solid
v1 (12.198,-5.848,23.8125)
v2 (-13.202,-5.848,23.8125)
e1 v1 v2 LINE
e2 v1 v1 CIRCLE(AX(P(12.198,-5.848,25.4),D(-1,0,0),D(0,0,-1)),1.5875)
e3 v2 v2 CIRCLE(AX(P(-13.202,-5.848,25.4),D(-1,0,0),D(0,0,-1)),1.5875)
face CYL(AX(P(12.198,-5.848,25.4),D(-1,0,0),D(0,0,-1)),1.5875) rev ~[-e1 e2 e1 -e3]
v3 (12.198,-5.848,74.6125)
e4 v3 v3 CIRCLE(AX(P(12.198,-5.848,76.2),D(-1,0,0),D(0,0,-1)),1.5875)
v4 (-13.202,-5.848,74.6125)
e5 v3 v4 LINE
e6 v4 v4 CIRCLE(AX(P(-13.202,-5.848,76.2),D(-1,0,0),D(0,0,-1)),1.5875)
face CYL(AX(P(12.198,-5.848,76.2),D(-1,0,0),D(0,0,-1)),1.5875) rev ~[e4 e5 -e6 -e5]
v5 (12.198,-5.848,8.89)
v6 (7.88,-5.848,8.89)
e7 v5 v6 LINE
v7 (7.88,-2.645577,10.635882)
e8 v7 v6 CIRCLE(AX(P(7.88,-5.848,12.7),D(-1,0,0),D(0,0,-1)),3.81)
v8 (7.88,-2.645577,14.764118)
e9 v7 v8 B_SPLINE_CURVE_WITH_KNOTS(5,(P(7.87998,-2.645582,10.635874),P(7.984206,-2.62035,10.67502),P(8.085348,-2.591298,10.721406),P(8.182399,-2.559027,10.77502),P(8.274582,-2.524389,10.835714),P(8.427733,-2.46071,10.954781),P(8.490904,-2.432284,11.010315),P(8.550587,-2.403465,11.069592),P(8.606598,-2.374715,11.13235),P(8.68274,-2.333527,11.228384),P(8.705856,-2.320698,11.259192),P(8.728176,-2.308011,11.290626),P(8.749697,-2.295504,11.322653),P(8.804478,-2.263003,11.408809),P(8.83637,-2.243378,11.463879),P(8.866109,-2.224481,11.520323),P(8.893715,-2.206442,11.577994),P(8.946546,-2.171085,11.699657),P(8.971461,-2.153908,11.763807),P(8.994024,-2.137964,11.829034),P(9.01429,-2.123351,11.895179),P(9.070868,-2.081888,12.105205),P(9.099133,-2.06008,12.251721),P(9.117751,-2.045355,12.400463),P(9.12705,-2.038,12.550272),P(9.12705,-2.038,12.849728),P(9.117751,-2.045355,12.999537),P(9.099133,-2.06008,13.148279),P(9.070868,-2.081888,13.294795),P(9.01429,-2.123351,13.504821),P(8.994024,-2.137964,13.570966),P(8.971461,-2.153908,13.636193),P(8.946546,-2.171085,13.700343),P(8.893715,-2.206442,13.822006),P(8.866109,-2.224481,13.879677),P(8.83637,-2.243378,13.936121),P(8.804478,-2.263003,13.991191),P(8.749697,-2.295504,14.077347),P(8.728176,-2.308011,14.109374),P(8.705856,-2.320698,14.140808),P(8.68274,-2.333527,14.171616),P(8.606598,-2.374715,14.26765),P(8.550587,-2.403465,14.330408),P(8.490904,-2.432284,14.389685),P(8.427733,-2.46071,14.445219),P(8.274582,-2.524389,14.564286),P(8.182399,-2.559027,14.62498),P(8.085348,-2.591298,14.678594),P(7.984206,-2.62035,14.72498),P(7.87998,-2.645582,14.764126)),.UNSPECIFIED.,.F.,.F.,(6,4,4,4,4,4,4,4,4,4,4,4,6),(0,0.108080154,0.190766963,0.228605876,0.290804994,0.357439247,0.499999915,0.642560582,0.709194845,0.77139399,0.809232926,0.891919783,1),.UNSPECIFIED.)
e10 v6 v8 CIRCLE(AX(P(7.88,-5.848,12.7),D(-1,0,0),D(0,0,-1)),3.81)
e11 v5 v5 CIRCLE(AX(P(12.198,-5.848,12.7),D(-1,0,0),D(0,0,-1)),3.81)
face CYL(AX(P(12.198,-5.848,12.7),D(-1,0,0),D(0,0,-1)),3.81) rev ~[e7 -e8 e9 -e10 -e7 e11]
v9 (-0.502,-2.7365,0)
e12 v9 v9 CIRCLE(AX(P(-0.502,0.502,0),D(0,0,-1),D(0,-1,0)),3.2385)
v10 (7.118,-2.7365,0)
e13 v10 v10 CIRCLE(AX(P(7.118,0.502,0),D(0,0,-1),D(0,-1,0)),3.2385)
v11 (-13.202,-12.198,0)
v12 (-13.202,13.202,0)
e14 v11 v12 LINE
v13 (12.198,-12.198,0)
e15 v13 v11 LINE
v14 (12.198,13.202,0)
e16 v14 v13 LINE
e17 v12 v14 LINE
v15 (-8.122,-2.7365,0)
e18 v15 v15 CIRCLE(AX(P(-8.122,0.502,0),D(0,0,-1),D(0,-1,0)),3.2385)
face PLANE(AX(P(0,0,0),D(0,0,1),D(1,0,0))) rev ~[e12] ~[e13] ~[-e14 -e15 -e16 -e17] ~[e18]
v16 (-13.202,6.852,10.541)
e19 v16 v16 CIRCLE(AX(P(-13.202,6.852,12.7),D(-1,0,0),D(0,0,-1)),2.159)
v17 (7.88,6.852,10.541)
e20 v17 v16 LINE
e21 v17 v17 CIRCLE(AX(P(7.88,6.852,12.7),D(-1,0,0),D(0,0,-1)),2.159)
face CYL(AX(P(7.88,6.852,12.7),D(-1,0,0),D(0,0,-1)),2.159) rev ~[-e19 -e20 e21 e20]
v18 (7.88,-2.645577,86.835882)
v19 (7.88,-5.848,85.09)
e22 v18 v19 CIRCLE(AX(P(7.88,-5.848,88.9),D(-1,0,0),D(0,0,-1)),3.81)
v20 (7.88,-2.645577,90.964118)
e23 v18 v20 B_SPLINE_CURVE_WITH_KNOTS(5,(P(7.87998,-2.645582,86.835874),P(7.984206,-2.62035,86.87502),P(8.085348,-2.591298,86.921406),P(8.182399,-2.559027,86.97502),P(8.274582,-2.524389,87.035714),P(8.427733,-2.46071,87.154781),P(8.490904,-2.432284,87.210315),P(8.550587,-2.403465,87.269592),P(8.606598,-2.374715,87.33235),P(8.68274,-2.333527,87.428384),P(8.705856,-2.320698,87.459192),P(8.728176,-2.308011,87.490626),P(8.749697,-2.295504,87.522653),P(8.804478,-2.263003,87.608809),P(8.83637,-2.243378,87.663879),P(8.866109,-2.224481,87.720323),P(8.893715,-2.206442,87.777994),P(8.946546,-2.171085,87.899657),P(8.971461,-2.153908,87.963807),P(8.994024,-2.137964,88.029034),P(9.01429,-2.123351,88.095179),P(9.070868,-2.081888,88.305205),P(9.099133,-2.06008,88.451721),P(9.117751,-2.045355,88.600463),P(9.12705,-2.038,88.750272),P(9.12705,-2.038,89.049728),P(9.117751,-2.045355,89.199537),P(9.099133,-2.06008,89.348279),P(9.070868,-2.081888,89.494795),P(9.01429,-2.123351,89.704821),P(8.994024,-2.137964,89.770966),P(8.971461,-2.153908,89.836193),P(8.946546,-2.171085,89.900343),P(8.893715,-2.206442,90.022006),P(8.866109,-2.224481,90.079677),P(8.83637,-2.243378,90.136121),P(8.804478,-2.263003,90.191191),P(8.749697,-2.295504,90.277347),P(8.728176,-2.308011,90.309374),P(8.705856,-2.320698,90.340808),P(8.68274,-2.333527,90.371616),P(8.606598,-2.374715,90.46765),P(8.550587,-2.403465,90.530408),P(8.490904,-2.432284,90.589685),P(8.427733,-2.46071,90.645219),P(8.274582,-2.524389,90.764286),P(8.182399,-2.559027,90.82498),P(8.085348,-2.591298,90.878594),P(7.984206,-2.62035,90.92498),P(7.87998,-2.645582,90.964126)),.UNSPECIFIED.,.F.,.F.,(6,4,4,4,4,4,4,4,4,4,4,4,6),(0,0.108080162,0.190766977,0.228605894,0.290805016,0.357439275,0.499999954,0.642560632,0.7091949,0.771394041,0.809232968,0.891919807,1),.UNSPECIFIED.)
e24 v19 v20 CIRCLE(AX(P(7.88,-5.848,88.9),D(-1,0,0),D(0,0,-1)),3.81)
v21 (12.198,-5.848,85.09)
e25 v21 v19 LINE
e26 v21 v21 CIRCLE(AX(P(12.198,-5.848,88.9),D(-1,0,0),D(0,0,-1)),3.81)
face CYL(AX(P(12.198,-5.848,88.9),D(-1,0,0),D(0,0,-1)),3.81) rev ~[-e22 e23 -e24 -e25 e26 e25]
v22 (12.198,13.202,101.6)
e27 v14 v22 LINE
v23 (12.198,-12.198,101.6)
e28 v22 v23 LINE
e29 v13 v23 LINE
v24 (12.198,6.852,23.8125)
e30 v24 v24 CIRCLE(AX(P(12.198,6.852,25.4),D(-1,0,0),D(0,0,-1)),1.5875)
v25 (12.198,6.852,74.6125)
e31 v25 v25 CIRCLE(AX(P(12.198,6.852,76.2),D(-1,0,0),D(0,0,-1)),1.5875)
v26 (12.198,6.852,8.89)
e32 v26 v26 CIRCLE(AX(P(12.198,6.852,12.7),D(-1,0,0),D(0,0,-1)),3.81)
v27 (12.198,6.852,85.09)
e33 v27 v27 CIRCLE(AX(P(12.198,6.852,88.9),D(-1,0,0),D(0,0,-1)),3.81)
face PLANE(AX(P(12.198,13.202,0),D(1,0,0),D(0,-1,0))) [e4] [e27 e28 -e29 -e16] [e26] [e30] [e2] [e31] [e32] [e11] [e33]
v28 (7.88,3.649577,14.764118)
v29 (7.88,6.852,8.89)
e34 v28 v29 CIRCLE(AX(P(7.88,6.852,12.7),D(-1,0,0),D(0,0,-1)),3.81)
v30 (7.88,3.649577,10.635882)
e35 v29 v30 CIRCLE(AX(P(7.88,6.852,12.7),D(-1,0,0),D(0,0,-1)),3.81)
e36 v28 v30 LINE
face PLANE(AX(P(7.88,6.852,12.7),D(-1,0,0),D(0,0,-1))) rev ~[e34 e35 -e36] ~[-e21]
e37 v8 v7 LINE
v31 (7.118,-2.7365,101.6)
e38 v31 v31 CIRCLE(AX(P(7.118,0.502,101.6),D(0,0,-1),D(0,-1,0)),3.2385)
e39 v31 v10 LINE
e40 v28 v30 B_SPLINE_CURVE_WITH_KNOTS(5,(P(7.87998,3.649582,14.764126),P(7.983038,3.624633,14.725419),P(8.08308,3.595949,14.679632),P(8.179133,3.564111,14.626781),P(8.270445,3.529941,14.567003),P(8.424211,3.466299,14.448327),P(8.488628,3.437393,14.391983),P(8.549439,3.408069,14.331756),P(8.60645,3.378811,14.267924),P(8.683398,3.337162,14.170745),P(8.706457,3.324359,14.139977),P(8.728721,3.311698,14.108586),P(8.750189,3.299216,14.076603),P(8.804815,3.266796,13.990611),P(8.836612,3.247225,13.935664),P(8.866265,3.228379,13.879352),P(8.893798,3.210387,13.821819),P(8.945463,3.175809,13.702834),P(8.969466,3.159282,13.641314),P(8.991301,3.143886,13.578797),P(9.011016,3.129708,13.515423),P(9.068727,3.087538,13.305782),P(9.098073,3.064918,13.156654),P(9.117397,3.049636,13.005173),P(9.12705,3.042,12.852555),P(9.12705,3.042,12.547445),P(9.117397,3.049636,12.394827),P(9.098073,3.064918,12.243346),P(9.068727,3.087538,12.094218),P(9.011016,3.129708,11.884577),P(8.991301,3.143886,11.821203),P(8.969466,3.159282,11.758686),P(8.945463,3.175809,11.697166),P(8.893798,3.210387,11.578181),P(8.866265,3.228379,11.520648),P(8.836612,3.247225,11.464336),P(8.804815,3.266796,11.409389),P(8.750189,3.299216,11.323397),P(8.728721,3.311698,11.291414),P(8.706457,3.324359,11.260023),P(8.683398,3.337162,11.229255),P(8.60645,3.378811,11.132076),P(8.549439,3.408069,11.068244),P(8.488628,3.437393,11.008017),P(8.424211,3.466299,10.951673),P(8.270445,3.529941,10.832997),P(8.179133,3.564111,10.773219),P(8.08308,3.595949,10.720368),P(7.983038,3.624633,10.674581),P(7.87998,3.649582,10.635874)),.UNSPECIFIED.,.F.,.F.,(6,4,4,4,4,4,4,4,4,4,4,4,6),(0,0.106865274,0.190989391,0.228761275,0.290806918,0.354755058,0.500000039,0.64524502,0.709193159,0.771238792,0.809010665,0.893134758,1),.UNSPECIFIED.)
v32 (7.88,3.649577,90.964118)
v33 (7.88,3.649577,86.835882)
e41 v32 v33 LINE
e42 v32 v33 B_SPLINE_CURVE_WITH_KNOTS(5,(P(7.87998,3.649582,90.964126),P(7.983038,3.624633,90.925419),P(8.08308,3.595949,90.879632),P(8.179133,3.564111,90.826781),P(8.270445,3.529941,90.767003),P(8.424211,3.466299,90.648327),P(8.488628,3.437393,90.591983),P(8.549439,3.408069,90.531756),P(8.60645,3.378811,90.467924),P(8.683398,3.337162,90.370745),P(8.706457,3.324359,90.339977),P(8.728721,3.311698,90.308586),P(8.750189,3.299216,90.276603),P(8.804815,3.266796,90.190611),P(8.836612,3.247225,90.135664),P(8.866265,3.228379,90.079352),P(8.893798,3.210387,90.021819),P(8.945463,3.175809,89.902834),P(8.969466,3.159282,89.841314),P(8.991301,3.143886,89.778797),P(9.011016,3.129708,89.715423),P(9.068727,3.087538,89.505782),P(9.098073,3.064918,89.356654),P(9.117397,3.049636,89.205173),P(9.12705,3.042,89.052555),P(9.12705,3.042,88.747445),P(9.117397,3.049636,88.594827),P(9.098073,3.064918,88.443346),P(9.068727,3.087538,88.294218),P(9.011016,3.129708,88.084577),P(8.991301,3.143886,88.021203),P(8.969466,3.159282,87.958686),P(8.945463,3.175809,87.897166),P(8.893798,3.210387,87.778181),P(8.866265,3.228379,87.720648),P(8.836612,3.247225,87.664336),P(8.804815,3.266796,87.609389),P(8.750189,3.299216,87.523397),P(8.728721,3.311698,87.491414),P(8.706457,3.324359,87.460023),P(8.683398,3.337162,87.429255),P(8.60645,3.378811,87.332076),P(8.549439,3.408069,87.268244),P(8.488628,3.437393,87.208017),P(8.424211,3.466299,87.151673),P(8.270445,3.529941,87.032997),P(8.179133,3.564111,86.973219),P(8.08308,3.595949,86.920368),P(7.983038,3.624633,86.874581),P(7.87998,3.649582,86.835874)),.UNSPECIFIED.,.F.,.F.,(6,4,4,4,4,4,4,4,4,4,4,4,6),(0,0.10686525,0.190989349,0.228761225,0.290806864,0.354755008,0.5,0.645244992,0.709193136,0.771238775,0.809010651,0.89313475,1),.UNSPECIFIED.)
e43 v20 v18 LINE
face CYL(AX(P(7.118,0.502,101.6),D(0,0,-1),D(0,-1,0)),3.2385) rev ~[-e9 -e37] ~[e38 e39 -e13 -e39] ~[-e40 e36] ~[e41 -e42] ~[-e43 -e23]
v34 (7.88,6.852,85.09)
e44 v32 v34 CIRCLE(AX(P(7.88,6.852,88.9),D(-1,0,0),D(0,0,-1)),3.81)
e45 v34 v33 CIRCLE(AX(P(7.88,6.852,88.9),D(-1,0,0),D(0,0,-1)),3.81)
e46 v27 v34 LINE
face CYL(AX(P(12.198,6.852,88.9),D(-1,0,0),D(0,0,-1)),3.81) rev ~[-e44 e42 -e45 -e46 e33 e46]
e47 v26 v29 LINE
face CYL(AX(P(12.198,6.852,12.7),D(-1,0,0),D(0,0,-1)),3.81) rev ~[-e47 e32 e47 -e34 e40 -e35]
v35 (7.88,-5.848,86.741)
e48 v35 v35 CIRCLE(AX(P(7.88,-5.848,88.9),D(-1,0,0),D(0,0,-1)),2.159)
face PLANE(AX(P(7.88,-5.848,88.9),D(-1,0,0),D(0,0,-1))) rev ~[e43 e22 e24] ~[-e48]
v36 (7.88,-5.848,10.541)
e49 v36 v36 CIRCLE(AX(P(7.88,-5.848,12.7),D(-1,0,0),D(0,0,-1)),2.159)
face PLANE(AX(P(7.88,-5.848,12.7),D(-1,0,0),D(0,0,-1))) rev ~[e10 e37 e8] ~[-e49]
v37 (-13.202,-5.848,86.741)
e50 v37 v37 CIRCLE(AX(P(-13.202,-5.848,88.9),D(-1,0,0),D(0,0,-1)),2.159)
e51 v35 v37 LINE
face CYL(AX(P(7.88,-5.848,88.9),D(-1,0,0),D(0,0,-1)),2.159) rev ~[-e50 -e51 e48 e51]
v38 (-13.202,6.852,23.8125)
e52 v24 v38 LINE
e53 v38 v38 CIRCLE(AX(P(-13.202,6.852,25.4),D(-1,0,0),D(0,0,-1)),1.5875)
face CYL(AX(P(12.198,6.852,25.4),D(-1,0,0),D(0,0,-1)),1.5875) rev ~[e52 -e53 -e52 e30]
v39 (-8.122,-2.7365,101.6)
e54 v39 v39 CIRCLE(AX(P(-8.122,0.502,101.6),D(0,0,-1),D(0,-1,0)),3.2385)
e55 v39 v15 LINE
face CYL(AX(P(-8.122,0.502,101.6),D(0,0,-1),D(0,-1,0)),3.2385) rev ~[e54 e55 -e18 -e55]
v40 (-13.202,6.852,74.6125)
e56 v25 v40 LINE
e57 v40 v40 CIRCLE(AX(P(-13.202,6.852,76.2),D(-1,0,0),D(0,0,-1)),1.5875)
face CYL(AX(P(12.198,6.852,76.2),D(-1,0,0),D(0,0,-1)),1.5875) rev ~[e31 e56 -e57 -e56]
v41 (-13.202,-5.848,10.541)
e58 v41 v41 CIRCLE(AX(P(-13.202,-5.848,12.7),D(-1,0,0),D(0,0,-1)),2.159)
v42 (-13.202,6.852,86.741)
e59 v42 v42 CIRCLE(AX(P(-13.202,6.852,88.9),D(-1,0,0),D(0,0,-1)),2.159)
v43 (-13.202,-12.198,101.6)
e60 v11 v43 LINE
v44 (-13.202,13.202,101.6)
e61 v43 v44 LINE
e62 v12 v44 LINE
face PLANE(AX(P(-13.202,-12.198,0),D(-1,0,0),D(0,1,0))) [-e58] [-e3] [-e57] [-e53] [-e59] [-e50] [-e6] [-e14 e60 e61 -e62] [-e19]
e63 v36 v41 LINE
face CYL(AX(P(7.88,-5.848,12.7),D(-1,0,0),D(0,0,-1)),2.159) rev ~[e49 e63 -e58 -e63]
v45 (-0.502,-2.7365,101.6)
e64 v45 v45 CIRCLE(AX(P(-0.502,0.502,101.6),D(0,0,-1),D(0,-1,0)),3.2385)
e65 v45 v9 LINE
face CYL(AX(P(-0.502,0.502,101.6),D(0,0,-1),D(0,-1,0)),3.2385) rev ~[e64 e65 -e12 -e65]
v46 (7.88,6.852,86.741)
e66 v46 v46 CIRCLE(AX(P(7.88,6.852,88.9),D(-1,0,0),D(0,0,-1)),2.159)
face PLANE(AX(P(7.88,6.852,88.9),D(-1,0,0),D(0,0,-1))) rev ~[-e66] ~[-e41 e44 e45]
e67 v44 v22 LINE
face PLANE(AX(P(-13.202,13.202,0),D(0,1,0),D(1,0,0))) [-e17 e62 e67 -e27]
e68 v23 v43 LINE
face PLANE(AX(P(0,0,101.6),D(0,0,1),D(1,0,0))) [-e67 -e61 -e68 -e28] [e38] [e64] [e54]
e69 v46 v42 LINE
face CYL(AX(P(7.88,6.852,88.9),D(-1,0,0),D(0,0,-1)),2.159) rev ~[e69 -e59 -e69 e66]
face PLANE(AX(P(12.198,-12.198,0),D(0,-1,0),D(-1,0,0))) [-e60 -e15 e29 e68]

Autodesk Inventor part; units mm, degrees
ref_plane "YZ Plane" through (0, 0, 0) normal (1, 0, 0) x (0, 1, 0)
ref_plane "XZ Plane" through (0, 0, 0) normal (0, 1, 0) x (-1, 0, 0)
ref_plane "XY Plane" through (0, 0, 0) normal (0, 0, 1) x (1, 0, 0)
sketch "Sketch1" plane through (0, 0, 0) normal (0, 0, 1) x (1, 0, 0)
  line L0 (-13.202, 13.202) -> (12.198, 13.202)
  line L1 (12.198, 13.202) -> (12.198, -12.198)
  line L2 (12.198, -12.198) -> (-13.202, -12.198)
  line L3 (-13.202, -12.198) -> (-13.202, 13.202)
  point P0 (0, 0)
  dimension "d0" = 25.4
  dimension "d1" = 25.4
extrude "Extrusion1" add sketch "Sketch1" along normal blind 101.6
sketch "Sketch6" plane through (12.198, 13.202, 101.6) normal (1, 0, 0) x (0, 0, -1)
  line L0 (101.6, 0) -> (101.6, -25.4) projected
  line L1 (101.6, -25.4) -> (0, -25.4) projected
  line L2 (101.6, 0) -> (101.6, -25.4) projected
  line L3 (101.6, 0) -> (0, 0) projected
  line L4 (0, -25.4) -> (0, 0) projected
  line L5 (0, -25.4) -> (0, 0) projected
  point P0 (101.6, -13.202)
  point P1 (88.9, -6.35)
  point P2 (88.9, -19.05)
  point P3 (101.6, -19.05)
  point P4 (101.6, -6.35)
  point P5 (12.7, -6.35)
  point P6 (12.7, -19.05)
  point P7 (0, -19.05)
  point P8 (0, -6.35)
  dimension "d51" = 12.7
  dimension "d52" = 6.35
  dimension "d53" = 12.7
  dimension "d54" = 6.35
  dimension "d55" = 12.7
  dimension "d56" = 6.35
  dimension "d57" = 12.7
  dimension "d58" = 6.35
sketch "Sketch7" plane through (12.198, 13.202, 101.6) normal (1, 0, 0) x (0, 0, -1)
  line L0 (0, -25.4) -> (0, 0) projected
  line L1 (101.6, 0) -> (0, 0) projected
  point P0 (101.6, -13.202)
  point P1 (25.4, -6.35)
  point P2 (25.4, -19.05)
  point P3 (76.2, -6.35)
  point P4 (76.2, -19.05)
  point P5 (0, -6.35)
  dimension "d66" = 0
  dimension "d67" = 0
  dimension "d68" = 0
  dimension "d69" = 0
  dimension "d70" = 25.4
  dimension "d71" = 6.35
  dimension "d72" = 19.05
  dimension "d73" = 76.2
hole "Hole3" at (12.198, 6.852, 76.2) at (12.198, -5.848, 76.2) at (12.198, 6.852, 25.4) at (12.198, -5.848, 25.4) direction (-1, 0, 0) diameter 3.175 depth 25.4 tip angle 118.188
sketch "Sketch8" plane through (0, 0, 101.6) normal (0, 0, 1) x (1, 0, 0)
  line L0 (-13.202, 13.202) -> (-13.202, -12.198) projected
  line L1 (-13.202, -12.198) -> (12.198, -12.198) projected
  point P0 (0, 0)
  point P1 (-8.122, 0.502)
  point P2 (-0.502, 0.502)
  point P3 (7.118, 0.502)
  dimension "d81" = 0
  dimension "d82" = 5.08
  dimension "d83" = 12.7
  dimension "d84" = 12.7
  dimension "d85" = 0
  dimension "d86" = 20.32
hole "Hole4" at (-8.122, 0.502, 101.6) at (-0.502, 0.502, 101.6) at (7.118, 0.502, 101.6) direction (0, 0, -1) diameter 6.477 end through all
hole "Hole5" at (12.198, 6.852, 12.7) at (12.198, -5.848, 12.7) at (12.198, 6.852, 88.9) at (12.198, -5.848, 88.9) direction (-1, 0, 0) diameter 4.318 end through all counterbore diameter 7.62 counterbore depth 4.318
properties part number "BottomOfBackElevatorFrame"
